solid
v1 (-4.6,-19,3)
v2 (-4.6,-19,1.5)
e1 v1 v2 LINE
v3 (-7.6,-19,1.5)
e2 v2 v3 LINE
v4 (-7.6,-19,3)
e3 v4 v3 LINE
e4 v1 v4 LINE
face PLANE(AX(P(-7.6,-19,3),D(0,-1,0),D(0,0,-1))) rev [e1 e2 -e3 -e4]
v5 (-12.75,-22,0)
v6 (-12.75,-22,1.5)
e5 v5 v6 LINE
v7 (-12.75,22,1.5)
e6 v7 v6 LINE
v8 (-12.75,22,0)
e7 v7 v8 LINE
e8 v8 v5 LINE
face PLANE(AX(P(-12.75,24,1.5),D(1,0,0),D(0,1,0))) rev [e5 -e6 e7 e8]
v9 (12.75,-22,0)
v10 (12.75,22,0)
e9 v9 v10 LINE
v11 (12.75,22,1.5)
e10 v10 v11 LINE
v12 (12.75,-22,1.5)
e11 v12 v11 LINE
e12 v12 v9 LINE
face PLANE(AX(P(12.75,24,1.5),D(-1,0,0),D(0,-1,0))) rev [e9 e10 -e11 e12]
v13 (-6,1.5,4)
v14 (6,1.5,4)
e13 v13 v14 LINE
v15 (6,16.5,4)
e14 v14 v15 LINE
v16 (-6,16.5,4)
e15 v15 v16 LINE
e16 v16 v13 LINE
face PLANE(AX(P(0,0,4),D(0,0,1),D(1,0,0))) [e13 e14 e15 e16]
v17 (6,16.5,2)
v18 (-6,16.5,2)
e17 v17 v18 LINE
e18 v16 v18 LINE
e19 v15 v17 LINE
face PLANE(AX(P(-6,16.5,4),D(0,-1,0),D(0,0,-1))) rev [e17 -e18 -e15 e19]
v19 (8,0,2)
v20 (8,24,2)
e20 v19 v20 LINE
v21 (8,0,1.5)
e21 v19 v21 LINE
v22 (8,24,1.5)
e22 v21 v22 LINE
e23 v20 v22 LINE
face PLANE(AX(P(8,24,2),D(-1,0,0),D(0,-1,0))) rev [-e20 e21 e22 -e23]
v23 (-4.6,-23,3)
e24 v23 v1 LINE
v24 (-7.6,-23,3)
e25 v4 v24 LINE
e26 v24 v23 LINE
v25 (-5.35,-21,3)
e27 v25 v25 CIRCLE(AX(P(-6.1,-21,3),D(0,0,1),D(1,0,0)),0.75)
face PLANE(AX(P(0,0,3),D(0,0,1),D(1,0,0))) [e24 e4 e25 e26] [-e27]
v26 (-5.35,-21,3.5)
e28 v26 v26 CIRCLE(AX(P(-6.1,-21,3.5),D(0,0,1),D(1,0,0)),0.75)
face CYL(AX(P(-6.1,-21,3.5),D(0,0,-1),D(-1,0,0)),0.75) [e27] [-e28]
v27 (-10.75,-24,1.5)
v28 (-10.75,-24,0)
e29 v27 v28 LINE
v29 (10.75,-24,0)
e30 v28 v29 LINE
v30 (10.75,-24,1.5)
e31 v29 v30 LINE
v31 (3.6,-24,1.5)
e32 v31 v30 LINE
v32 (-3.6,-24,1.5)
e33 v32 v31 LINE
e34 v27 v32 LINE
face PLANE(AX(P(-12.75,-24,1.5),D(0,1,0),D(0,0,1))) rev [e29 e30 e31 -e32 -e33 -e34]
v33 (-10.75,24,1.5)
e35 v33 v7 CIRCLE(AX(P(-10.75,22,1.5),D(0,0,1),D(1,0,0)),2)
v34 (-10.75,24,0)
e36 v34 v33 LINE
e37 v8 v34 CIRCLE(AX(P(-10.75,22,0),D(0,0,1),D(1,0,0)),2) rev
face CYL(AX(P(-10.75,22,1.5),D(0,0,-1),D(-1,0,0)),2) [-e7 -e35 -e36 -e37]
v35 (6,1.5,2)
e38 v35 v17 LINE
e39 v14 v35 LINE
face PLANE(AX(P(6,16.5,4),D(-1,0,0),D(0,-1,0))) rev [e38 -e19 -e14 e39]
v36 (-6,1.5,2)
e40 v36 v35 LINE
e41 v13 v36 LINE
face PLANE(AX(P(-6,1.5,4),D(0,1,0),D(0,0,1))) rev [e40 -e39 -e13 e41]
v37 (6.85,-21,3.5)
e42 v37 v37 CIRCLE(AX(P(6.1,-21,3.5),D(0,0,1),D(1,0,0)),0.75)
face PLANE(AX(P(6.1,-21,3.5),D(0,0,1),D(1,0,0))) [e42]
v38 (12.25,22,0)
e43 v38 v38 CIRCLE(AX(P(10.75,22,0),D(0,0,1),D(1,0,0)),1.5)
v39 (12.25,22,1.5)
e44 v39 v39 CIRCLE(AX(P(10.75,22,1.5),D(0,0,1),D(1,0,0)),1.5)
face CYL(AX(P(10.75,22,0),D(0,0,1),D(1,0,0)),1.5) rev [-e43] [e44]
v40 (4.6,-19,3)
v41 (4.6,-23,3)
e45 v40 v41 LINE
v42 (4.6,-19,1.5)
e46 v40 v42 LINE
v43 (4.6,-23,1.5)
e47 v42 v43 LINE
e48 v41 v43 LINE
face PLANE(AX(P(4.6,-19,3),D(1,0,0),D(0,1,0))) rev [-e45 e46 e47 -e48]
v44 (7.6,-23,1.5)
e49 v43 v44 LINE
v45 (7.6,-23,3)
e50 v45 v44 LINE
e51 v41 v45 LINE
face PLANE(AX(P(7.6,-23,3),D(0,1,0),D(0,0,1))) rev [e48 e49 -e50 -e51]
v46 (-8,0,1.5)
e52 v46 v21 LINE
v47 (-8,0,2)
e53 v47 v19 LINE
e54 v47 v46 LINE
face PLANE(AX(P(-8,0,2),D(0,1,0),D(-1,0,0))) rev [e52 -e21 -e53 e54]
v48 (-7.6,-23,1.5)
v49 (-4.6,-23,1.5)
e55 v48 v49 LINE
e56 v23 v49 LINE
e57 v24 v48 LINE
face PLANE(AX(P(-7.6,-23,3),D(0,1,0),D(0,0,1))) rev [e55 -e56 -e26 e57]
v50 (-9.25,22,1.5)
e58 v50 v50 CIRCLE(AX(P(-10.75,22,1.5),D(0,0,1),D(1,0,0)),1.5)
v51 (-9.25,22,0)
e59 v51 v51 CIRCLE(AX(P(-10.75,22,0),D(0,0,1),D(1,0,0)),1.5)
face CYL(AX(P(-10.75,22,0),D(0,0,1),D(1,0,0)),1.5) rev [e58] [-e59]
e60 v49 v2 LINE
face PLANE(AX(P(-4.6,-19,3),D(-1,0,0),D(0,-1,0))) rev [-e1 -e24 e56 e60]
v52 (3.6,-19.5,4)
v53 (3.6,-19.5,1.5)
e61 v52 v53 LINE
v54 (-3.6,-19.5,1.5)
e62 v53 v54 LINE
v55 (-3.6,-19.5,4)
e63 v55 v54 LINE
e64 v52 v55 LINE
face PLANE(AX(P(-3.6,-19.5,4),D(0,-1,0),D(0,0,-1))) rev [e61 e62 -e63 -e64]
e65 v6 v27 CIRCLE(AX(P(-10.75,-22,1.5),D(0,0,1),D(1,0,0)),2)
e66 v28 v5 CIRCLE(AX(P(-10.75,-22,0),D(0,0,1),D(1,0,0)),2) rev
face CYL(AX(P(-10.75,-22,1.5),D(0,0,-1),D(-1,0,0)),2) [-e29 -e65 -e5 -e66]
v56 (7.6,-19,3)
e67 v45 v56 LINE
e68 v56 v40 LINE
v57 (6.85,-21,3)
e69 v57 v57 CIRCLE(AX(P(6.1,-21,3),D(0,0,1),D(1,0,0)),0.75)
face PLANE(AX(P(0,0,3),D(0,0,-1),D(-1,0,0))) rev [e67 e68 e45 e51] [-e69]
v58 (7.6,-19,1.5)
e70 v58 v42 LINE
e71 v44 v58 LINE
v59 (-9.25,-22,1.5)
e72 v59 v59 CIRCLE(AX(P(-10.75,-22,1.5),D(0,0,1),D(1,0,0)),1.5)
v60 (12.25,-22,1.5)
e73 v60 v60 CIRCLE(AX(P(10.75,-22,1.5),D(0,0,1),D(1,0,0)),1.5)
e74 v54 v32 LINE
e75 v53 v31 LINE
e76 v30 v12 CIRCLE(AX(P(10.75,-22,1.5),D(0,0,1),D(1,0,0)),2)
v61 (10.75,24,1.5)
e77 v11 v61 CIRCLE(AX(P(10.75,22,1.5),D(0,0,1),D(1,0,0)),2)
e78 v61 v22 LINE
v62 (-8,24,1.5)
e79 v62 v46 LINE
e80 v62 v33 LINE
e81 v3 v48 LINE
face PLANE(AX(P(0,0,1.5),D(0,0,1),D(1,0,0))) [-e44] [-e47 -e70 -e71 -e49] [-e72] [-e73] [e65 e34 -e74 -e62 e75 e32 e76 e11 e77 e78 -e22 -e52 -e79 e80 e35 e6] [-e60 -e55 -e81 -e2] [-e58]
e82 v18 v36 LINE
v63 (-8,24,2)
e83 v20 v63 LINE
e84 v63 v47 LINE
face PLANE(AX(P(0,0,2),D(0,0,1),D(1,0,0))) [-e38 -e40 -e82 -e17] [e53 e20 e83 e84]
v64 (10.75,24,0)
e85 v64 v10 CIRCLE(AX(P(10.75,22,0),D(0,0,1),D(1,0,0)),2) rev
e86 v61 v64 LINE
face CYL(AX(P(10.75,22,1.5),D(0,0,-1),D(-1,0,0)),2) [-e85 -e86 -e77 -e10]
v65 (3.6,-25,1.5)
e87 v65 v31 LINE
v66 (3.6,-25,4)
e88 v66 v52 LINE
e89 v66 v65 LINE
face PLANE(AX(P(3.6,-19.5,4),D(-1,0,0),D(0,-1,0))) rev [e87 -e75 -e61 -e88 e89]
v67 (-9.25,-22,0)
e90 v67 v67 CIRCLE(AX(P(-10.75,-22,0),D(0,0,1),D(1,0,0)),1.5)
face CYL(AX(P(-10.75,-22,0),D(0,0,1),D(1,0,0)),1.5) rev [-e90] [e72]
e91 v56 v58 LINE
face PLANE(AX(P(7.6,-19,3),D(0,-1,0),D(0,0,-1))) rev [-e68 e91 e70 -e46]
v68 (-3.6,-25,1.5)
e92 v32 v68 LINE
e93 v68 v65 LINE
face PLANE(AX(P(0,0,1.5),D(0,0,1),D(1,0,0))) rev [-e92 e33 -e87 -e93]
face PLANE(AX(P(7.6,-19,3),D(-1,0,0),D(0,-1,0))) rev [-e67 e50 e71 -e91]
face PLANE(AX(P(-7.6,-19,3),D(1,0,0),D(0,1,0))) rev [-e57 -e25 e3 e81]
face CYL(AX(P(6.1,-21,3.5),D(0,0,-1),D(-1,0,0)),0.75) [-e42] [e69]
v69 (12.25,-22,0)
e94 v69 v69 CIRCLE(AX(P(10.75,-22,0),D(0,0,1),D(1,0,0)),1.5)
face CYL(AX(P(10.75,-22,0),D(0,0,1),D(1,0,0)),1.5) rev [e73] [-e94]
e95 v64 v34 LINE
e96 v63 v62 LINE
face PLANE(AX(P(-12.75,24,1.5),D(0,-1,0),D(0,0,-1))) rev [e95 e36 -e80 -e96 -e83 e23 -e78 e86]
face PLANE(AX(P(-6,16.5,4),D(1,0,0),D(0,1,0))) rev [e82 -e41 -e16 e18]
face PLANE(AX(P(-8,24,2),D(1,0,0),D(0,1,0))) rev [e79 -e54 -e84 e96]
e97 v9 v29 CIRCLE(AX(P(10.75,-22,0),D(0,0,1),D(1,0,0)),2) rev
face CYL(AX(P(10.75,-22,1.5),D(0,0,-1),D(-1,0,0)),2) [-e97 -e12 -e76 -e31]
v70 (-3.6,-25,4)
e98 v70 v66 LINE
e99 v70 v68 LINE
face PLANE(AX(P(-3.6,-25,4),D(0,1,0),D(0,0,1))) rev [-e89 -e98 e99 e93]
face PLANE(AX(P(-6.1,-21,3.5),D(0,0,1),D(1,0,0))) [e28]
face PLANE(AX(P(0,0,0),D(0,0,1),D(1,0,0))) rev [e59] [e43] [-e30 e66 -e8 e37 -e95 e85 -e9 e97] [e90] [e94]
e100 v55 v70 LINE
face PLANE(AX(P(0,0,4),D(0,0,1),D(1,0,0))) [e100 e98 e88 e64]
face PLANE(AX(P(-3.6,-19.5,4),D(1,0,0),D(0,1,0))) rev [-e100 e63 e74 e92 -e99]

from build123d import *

# Parameters (mm, degrees)
SKETCH1_W              = 25.5
SKETCH1_H              = 48
PCB_DEPTH              = 1.5
FILLET1_R              = 2
SCREW_HOLES_DEPTH      = 28.217870967
SCREW_HOLES_DEPTH_BACK = 28.217870967
SKETCH2_R              = 1.5
SKETCH3_W              = 16
SKETCH3_H              = 24
ESP_PCB_DEPTH          = 0.5
SKETCH4_W              = 12
SKETCH4_H              = 15
RF_CASING_DEPTH        = 2
SKETCH5_W              = 7.2
SKETCH5_H              = 5.5
USB_PORT_DEPTH         = 2.5
SKETCH6_W              = 3
SKETCH6_H              = 4
BUTTON_BOTTOM_DEPTH    = 1.5
SKETCH7_R              = 0.75
BUTTON_TOP_DEPTH       = 0.5


with BuildPart() as part:
    # Sketch1 → PCB (new body)
    with BuildSketch(Plane.XY):
        Rectangle(SKETCH1_W, SKETCH1_H)
    extrude(amount=PCB_DEPTH)

    # Fillet1
    fillet1_edges = [part.edges().sort_by_distance(p)[0] for p in [
        (12.75, -24, 0.75),
        (-12.75, -24, 0.75),
        (-12.75, 24, 0.75),
        (12.75, 24, 0.75),
    ]]
    fillet(fillet1_edges, radius=FILLET1_R)

    # Sketch2 → Screw holes (cut, two sides: drawn at the far end of the back side and taken through both)
    with BuildSketch(Plane.XY.offset(1.5).offset(-SCREW_HOLES_DEPTH_BACK)):
        with Locations((-10.75, 22)):
            Circle(SKETCH2_R)
        with Locations((10.75, 22)):
            Circle(SKETCH2_R)
        with Locations((10.75, -22)):
            Circle(SKETCH2_R)
        with Locations((-10.75, -22)):
            Circle(SKETCH2_R)
    extrude(amount=SCREW_HOLES_DEPTH + SCREW_HOLES_DEPTH_BACK, mode=Mode.SUBTRACT)

    # Sketch3 → ESP PCB (add)
    with BuildSketch(Plane.XY.offset(1.5)):
        with Locations((0, 12)):
            Rectangle(SKETCH3_W, SKETCH3_H)
    extrude(amount=ESP_PCB_DEPTH)

    # Sketch4 → RF Casing (add)
    with BuildSketch(Plane.XY.offset(2)):
        with Locations((0, 9)):
            Rectangle(SKETCH4_W, SKETCH4_H)
    extrude(amount=RF_CASING_DEPTH)

    # Sketch5 → USB Port (add)
    with BuildSketch(Plane.XY.offset(1.5)):
        with Locations((0, -22.25)):
            Rectangle(SKETCH5_W, SKETCH5_H)
    extrude(amount=USB_PORT_DEPTH)

    # Sketch6 → Button Bottom (add)
    with BuildSketch(Plane.XY.offset(1.5)):
        with Locations((-6.1, -21)):
            Rectangle(SKETCH6_W, SKETCH6_H)
        with Locations((6.1, -21)):
            Rectangle(SKETCH6_W, SKETCH6_H)
    extrude(amount=BUTTON_BOTTOM_DEPTH)

    # Sketch7 → Button Top (add)
    with BuildSketch(Plane.XY.offset(3)):
        with Locations((-6.1, -21)):
            Circle(SKETCH7_R)
        with Locations((6.1, -21)):
            Circle(SKETCH7_R)
    extrude(amount=BUTTON_TOP_DEPTH)


solid = part.part
